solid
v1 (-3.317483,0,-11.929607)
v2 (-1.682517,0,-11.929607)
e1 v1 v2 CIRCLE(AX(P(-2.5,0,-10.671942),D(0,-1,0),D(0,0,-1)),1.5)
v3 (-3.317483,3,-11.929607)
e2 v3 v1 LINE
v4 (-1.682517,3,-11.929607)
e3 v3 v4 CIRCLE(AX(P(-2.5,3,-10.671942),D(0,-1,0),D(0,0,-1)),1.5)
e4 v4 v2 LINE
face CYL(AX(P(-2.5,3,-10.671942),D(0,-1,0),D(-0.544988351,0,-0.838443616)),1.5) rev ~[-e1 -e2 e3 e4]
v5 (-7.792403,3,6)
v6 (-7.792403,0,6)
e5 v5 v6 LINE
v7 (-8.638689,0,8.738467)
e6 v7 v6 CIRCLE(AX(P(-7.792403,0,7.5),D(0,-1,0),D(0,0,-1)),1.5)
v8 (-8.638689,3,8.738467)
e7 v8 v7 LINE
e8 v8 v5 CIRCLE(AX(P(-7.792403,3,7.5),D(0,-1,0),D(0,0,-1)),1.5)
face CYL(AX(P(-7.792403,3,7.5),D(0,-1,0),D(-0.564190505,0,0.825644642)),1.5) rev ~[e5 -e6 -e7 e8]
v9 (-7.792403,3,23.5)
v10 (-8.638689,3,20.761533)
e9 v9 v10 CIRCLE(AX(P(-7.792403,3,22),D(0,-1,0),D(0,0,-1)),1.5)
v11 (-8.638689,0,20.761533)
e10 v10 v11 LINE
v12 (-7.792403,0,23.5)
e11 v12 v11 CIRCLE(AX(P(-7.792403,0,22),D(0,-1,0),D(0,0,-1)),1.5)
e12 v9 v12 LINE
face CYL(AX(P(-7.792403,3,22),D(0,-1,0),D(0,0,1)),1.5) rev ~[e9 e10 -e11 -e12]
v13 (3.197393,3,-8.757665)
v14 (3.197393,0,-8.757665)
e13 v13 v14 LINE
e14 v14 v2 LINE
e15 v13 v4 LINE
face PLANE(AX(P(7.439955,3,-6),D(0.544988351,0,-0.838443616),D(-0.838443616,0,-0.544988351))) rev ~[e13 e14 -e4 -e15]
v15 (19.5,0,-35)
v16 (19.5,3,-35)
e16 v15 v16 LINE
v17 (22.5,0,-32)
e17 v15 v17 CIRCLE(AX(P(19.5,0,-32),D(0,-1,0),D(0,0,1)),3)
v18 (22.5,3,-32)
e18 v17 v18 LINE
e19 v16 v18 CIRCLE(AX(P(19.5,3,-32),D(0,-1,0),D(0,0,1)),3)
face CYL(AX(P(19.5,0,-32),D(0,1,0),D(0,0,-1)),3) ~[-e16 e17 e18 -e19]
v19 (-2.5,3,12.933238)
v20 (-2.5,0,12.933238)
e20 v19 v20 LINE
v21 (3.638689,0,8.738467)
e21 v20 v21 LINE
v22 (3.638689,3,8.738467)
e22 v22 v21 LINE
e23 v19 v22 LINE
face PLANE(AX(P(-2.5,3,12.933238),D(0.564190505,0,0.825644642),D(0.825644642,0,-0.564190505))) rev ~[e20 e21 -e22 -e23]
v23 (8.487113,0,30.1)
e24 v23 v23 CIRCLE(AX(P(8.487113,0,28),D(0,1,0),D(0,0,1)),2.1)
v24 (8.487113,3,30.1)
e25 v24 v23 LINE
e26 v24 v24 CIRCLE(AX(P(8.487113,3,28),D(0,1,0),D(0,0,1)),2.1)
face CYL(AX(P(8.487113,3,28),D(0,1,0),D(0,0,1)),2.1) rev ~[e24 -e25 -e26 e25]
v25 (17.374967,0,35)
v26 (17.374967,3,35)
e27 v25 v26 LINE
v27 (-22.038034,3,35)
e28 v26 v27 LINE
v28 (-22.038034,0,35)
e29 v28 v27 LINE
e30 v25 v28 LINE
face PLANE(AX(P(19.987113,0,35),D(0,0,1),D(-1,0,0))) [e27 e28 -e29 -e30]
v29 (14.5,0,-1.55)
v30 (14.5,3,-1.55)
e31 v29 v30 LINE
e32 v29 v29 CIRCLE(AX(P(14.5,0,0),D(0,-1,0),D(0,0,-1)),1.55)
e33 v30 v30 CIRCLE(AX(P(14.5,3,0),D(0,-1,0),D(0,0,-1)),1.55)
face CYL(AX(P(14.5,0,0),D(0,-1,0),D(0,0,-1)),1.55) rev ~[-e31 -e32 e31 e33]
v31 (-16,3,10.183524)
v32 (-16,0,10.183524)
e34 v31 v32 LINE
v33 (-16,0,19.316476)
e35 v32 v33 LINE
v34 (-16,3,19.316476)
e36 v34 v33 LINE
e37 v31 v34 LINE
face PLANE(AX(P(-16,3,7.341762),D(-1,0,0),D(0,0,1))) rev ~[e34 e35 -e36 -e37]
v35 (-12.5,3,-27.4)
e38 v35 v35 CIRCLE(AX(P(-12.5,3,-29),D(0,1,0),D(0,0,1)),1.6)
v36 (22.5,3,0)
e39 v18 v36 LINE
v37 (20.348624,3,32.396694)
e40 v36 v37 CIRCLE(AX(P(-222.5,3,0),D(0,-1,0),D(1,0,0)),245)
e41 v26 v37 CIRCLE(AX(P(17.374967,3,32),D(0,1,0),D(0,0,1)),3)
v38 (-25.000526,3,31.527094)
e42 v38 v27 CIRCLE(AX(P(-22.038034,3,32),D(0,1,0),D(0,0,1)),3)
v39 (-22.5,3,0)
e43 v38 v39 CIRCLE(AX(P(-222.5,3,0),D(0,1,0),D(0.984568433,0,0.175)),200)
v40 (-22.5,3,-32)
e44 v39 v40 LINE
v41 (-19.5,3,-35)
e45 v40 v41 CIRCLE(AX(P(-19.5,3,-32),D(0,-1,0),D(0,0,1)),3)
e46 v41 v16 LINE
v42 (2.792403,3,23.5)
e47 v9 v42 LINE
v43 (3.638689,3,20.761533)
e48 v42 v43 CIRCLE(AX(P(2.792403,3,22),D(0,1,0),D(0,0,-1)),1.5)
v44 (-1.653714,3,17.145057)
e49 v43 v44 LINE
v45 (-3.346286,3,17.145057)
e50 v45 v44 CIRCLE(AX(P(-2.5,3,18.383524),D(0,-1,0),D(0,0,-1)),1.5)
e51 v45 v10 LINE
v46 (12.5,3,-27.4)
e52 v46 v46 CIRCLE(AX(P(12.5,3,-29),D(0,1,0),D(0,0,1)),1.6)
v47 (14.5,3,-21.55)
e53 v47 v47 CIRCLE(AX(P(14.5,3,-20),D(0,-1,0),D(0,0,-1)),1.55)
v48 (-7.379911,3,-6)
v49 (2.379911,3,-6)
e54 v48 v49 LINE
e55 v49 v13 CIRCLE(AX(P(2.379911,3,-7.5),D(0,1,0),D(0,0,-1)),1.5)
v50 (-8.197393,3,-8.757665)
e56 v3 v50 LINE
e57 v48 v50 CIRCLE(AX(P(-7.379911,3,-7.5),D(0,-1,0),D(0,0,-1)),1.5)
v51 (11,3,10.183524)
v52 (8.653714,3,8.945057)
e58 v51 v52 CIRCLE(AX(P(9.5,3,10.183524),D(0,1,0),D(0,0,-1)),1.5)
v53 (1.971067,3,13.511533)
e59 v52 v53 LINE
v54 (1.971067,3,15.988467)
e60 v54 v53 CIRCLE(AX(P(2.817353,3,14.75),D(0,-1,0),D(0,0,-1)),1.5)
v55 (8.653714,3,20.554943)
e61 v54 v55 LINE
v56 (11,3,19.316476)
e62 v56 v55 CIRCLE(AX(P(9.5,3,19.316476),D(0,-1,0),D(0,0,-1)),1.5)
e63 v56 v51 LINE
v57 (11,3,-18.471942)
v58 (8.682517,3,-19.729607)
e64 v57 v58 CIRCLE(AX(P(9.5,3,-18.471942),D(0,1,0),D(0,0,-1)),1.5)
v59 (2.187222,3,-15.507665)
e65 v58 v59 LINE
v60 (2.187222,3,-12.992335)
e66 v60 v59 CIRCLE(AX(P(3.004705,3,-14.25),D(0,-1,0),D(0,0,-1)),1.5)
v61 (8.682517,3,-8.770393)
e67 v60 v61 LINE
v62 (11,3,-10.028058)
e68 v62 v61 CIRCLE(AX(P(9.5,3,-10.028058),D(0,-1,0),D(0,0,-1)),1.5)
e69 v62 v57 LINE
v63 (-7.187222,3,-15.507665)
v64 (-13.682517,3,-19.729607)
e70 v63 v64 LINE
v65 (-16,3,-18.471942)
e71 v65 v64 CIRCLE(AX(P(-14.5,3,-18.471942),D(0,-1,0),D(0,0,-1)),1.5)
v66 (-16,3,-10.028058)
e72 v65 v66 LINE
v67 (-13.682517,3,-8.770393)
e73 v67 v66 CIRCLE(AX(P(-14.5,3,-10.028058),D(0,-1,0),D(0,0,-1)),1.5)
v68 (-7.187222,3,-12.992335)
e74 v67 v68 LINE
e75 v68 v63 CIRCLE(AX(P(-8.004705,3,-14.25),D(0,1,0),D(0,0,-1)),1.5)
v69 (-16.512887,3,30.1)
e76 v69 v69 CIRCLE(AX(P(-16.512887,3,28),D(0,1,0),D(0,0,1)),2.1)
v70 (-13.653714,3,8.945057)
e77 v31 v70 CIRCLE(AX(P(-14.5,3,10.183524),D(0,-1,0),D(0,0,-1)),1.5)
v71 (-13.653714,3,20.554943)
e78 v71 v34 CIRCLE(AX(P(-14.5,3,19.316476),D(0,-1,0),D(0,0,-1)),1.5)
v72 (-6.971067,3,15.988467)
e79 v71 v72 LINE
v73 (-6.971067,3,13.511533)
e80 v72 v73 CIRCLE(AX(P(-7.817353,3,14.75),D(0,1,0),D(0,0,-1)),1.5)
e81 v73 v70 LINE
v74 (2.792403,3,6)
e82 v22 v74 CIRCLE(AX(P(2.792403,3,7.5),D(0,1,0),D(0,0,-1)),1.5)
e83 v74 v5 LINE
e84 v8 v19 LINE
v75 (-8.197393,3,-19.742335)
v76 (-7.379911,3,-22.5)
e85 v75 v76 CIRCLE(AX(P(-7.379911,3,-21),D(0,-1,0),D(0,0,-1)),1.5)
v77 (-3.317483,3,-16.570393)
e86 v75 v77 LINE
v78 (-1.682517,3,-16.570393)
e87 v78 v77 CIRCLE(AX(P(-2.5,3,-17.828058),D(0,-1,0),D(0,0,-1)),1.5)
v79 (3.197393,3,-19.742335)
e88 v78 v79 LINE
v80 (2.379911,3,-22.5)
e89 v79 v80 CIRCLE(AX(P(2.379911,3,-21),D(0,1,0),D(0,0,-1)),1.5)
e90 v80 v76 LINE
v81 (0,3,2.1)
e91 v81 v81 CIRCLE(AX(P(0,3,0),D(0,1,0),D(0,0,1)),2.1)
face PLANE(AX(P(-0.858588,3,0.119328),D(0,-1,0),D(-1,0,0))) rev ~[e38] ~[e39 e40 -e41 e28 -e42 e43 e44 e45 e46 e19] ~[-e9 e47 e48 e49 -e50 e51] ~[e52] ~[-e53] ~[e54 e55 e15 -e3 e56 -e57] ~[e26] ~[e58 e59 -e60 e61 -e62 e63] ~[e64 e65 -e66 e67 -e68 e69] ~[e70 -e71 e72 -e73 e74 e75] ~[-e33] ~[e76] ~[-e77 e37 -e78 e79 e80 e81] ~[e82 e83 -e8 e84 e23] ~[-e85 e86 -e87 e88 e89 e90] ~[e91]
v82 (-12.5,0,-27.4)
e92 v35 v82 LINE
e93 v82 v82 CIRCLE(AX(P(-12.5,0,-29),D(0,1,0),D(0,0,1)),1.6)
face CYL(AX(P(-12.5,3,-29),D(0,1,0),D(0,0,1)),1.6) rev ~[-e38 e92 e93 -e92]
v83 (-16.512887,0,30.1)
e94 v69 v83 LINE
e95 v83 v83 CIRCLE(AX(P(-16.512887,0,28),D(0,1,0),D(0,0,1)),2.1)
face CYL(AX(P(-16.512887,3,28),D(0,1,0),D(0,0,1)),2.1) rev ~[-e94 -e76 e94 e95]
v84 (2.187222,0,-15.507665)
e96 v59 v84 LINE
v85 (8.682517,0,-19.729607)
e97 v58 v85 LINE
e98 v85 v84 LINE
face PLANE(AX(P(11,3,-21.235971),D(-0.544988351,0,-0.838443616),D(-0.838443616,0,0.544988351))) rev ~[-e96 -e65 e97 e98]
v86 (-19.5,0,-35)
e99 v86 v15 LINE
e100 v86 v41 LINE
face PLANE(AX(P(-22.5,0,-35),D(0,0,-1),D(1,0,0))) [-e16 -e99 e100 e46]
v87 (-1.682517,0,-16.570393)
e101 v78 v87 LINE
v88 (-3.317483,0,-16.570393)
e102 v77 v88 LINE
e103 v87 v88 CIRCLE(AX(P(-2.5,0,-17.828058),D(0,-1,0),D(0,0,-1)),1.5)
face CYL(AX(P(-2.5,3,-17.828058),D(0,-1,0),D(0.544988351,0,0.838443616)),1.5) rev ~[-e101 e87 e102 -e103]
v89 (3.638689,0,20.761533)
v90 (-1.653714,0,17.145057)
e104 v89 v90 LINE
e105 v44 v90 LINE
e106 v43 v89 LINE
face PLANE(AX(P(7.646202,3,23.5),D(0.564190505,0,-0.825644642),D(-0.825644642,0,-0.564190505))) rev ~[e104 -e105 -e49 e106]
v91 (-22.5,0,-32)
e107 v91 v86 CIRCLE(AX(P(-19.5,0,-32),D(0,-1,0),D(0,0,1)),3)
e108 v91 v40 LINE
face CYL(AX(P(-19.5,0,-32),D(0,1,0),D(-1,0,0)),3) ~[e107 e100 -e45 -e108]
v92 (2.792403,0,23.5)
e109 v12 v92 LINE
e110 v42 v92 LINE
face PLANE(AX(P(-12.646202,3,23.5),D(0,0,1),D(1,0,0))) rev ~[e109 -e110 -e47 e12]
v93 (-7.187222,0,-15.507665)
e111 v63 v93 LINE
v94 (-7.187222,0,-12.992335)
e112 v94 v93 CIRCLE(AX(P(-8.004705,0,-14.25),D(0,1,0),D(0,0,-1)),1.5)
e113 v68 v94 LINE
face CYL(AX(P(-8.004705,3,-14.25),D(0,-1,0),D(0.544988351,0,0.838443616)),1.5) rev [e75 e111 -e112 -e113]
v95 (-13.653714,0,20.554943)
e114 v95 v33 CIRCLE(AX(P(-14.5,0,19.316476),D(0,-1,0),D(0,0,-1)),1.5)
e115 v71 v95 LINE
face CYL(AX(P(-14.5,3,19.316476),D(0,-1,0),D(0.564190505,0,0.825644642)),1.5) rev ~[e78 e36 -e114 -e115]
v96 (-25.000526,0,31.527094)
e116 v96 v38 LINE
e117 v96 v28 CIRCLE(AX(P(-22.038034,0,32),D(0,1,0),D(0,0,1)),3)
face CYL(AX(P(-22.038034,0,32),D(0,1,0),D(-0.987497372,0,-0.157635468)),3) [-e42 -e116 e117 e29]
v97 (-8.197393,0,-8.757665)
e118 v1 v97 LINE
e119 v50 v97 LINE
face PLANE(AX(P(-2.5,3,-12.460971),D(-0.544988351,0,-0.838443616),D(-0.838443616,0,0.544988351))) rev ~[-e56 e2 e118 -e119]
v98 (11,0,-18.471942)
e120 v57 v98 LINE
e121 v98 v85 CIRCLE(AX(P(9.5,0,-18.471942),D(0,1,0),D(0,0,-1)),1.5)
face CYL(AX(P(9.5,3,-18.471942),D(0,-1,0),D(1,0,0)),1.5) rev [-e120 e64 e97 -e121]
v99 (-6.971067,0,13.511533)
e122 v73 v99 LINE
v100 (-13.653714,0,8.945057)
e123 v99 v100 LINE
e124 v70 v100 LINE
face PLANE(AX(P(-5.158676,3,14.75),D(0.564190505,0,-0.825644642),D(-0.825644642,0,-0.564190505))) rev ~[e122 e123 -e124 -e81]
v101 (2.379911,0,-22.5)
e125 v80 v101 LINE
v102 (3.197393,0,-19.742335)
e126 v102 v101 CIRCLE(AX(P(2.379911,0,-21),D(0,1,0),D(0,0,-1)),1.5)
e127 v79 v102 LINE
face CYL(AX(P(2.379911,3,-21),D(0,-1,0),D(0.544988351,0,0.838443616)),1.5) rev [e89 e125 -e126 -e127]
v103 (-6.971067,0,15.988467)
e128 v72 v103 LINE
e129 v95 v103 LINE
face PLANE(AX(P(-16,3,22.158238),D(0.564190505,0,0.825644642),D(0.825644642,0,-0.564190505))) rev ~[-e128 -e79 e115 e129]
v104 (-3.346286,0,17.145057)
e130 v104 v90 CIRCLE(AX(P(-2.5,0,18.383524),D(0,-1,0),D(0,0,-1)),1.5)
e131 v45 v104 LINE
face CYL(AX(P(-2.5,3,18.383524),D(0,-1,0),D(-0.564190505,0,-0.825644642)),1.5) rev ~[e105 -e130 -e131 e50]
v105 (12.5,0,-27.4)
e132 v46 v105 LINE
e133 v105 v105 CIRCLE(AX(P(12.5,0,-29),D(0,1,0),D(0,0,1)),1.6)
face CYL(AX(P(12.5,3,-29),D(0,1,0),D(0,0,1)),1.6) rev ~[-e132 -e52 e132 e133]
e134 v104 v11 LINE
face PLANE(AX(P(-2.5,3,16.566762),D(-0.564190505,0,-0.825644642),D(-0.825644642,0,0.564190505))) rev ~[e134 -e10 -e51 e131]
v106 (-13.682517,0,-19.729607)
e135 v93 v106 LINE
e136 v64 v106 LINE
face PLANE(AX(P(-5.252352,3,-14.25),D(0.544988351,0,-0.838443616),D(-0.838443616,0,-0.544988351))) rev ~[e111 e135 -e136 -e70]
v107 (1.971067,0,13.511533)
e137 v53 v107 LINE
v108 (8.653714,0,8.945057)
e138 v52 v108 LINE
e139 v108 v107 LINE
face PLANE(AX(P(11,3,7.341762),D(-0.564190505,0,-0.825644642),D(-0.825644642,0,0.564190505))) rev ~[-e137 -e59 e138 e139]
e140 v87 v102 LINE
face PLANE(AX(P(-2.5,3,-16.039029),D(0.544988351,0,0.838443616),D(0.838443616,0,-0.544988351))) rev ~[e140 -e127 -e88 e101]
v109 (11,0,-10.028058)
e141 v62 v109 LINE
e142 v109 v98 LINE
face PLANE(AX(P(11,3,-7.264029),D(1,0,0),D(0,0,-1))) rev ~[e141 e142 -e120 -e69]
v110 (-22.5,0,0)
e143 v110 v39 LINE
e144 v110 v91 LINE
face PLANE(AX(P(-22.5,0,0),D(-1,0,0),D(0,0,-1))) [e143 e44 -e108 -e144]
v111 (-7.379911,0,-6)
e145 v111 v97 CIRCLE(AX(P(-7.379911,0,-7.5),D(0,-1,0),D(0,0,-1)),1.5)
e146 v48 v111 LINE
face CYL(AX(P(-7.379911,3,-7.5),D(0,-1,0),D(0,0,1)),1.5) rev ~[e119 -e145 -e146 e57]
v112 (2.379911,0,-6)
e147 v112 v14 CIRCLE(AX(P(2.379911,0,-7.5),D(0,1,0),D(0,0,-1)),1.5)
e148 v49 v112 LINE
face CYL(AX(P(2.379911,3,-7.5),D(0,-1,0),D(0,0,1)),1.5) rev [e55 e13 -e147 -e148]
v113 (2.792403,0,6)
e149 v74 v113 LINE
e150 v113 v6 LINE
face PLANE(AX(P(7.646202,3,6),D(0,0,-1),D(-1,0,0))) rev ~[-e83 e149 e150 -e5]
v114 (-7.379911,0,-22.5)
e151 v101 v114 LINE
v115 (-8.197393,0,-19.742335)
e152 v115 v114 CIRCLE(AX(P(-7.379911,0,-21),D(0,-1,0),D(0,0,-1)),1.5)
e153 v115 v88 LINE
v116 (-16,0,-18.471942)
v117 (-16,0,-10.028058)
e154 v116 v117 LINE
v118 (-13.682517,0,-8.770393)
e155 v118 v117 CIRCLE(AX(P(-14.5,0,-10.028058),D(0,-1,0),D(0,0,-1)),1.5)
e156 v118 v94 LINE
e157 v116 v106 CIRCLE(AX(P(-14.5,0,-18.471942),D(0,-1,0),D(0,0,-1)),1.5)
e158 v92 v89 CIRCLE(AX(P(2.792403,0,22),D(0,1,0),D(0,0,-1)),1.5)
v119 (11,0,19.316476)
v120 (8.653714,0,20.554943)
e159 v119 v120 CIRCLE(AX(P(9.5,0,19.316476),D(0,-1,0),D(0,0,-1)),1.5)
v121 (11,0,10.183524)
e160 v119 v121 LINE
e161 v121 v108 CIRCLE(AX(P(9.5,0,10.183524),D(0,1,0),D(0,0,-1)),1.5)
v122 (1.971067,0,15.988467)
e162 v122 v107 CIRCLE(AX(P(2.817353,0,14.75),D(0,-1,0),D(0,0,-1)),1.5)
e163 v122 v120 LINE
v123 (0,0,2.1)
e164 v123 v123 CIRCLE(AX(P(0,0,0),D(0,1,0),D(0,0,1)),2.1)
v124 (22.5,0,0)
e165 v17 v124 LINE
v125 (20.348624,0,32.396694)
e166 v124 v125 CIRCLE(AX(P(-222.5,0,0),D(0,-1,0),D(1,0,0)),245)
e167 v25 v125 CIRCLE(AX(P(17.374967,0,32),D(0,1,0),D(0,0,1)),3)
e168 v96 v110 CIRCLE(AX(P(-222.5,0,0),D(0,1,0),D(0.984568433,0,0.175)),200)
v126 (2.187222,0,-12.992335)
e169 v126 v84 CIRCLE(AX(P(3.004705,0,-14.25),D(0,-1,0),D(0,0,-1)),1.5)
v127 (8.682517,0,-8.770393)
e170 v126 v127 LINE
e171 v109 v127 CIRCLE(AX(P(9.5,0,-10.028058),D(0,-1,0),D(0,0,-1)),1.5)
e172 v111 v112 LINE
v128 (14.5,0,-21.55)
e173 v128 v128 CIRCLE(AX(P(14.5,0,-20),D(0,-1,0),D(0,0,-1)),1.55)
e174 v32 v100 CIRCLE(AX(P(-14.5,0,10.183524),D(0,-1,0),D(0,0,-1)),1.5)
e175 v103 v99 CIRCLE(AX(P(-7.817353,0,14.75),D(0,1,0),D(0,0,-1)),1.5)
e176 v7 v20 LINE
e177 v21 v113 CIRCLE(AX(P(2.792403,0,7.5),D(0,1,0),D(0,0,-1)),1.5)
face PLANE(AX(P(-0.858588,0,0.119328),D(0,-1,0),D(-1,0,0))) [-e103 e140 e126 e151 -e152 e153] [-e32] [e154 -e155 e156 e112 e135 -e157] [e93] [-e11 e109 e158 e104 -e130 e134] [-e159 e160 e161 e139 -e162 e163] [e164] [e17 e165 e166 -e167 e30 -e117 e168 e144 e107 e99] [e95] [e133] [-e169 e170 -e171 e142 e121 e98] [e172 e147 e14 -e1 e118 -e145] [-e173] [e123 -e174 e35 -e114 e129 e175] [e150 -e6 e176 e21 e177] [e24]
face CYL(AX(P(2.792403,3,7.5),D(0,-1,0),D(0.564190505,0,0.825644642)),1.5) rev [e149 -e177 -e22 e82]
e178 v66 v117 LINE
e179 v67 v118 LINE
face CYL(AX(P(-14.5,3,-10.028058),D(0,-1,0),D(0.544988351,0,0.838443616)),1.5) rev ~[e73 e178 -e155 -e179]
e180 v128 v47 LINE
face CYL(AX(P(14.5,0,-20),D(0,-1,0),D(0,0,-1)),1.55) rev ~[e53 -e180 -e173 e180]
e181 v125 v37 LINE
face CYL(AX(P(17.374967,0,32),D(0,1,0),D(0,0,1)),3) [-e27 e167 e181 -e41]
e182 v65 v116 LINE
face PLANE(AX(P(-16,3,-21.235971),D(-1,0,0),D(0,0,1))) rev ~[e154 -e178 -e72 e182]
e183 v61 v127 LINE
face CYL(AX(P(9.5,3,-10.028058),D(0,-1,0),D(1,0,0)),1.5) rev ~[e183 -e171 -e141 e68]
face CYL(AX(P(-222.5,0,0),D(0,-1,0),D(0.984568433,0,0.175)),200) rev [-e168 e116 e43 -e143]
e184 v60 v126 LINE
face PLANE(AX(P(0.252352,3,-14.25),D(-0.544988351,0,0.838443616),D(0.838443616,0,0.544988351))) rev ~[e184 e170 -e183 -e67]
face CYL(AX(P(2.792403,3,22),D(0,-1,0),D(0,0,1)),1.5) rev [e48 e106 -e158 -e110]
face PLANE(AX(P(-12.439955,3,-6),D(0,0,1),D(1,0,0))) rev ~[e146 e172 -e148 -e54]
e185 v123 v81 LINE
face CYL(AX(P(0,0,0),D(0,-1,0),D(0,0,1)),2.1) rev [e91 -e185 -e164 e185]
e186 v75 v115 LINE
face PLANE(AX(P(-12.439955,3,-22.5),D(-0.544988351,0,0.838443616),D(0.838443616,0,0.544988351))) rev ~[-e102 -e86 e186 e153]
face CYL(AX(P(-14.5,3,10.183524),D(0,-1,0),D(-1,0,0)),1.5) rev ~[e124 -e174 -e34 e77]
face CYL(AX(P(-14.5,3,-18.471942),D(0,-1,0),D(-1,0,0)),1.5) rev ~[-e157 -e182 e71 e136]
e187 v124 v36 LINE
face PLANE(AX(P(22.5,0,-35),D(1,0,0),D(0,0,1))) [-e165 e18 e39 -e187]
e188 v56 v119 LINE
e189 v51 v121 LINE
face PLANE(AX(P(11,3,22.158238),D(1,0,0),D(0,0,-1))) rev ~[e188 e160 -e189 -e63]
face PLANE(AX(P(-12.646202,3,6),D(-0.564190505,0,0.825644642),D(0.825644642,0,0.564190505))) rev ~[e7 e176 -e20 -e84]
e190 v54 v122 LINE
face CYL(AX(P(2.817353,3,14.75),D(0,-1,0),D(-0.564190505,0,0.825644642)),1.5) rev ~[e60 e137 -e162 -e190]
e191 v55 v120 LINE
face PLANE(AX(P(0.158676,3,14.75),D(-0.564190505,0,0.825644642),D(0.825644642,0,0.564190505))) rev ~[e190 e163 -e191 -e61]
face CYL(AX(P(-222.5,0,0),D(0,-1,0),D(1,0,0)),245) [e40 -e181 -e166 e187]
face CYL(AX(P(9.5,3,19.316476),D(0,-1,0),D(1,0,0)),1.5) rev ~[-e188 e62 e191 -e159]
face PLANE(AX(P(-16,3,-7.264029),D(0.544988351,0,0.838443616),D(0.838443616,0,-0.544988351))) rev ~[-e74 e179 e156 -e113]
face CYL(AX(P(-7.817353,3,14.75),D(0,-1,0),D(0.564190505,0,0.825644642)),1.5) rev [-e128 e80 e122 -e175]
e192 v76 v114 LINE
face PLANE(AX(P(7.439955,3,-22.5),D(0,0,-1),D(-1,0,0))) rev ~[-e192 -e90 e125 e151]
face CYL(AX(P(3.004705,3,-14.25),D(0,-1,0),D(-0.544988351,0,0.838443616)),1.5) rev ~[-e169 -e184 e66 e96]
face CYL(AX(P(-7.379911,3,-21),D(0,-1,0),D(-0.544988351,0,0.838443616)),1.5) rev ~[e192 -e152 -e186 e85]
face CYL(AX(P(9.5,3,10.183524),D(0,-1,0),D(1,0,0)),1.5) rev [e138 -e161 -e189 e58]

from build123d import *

# Parameters (mm, degrees)
SKETCH_1_R          = 2.1
EXTRUDE_1_DEPTH     = 3
SKETCH_2_R          = 2.1
SKETCH_2_R_2        = 1.6
CUT_EXTRUDE_1_DEPTH = 3
FILLET_1_R          = 3
SKETCH_5_R          = 1.55
CUT_EXTRUDE_3_DEPTH = 10
CUT_EXTRUDE_4_DEPTH = 3
FILLET_5_R          = 1.5


with BuildPart() as part:
    # 草图1 → 凸台-拉伸1 (new body)
    with BuildSketch(Plane(origin=(0, 0, 0), x_dir=(1, 0, 0), z_dir=(0, 1, 0))):
        with BuildLine():
            Line((-22.5, 0), (-22.5, 35))
            Line((-22.5, 35), (22.5, 35))
            Line((22.5, 35), (22.5, 0))
            ThreePointArc((22.5, 0), (21.870970759, -17.545046315), (19.98711306, -35))
            Line((19.98711306, -35), (-25.586313325, -35))
            ThreePointArc((-25.586313325, -35), (-23.273072434, -17.56790632), (-22.5, 0))
        make_face()
        with Locations(Location((0, 0, 0), (0, 0, 270))):
            Circle(SKETCH_1_R, mode=Mode.SUBTRACT)
    extrude(amount=EXTRUDE_1_DEPTH)

    # 草图2 → 切除-拉伸1 (cut)
    with BuildSketch(Plane(origin=(0, 3, 0), x_dir=(1, 0, 0), z_dir=(0, 1, 0))):
        with Locations(Location((-16.51288694, -28, 0), (0, 0, 270))):
            Circle(SKETCH_2_R)
        with Locations(Location((8.48711306, -28, 0), (0, 0, 270))):
            Circle(SKETCH_2_R)
        with Locations(Location((-12.5, 29, 0), (0, 0, 270))):
            Circle(SKETCH_2_R_2)
        with Locations(Location((12.5, 29, 0), (0, 0, 270))):
            Circle(SKETCH_2_R_2)
    extrude(amount=-CUT_EXTRUDE_1_DEPTH, mode=Mode.SUBTRACT)

    # 圆角1
    fillet_1_edges = [part.edges().sort_by_distance(p)[0] for p in [
        (-22.5, 1.5, -35),
        (22.5, 1.5, -35),
        (19.98711306, 1.5, 35),
        (-25.586313325, 1.5, 35),
    ]]
    fillet(fillet_1_edges, radius=FILLET_1_R)

    # 草图5 → 切除-拉伸3 (cut)
    with BuildSketch(Plane.XZ):
        with Locations(Location((14.5, 0, 0), (0, 0, 270))):
            Circle(SKETCH_5_R)
        with Locations(Location((14.5, -20, 0), (0, 0, 270))):
            Circle(SKETCH_5_R)
    extrude(amount=-CUT_EXTRUDE_3_DEPTH, mode=Mode.SUBTRACT)

    # 草图6 → 切除-拉伸4 (cut)
    with BuildSketch(Plane(origin=(0, 3, 0), x_dir=(1, 0, 0), z_dir=(0, 1, 0))):
        Polygon((7.439955283, 22.5), (-12.439955283, 22.5), (-2.5, 16.039029066), align=None)
        Polygon((-5.25235241, 14.25), (-16, 21.235970934), (-16, 7.264029066), align=None)
        Polygon((7.439955283, 6), (-2.5, 12.460970934), (-12.439955283, 6), align=None)
        Polygon((11, 21.235970934), (0.25235241, 14.25), (11, 7.264029066), align=None)
        Polygon((7.646201615, -6), (-12.646201615, -6), (-2.5, -12.93323777), align=None)
        Polygon((-5.158676434, -14.75), (-16, -7.34176223), (-16, -22.15823777), align=None)
        Polygon((7.646201615, -23.5), (-2.5, -16.56676223), (-12.646201615, -23.5), align=None)
        Polygon((11, -7.34176223), (0.158676434, -14.75), (11, -22.15823777), align=None)
    extrude(amount=-CUT_EXTRUDE_4_DEPTH, mode=Mode.SUBTRACT)

    # 圆角5
    fillet_5_edges = [part.edges().sort_by_distance(p)[0] for p in [
        (-12.646201615, 1.5, 6),
        (7.646201615, 1.5, 6),
        (11, 1.5, -21.235970934),
        (11, 1.5, -7.264029066),
        (0.25235241, 1.5, -14.25),
        (-5.25235241, 1.5, -14.25),
        (-16, 1.5, -7.264029066),
        (-16, 1.5, -21.235970934),
        (-2.5, 1.5, -12.460970934),
        (7.439955283, 1.5, -6),
        (-12.439955283, 1.5, -6),
        (11, 1.5, 7.34176223),
        (11, 1.5, 22.15823777),
        (0.158676434, 1.5, 14.75),
        (-16, 1.5, 7.34176223),
        (-5.158676434, 1.5, 14.75),
        (-16, 1.5, 22.15823777),
        (-2.5, 1.5, 16.56676223),
        (7.646201615, 1.5, 23.5),
        (-12.646201615, 1.5, 23.5),
        (-12.439955283, 1.5, -22.5),
        (7.439955283, 1.5, -22.5),
        (-2.5, 1.5, -16.039029066),
    ]]
    fillet(fillet_5_edges, radius=FILLET_5_R)


solid = part.part
